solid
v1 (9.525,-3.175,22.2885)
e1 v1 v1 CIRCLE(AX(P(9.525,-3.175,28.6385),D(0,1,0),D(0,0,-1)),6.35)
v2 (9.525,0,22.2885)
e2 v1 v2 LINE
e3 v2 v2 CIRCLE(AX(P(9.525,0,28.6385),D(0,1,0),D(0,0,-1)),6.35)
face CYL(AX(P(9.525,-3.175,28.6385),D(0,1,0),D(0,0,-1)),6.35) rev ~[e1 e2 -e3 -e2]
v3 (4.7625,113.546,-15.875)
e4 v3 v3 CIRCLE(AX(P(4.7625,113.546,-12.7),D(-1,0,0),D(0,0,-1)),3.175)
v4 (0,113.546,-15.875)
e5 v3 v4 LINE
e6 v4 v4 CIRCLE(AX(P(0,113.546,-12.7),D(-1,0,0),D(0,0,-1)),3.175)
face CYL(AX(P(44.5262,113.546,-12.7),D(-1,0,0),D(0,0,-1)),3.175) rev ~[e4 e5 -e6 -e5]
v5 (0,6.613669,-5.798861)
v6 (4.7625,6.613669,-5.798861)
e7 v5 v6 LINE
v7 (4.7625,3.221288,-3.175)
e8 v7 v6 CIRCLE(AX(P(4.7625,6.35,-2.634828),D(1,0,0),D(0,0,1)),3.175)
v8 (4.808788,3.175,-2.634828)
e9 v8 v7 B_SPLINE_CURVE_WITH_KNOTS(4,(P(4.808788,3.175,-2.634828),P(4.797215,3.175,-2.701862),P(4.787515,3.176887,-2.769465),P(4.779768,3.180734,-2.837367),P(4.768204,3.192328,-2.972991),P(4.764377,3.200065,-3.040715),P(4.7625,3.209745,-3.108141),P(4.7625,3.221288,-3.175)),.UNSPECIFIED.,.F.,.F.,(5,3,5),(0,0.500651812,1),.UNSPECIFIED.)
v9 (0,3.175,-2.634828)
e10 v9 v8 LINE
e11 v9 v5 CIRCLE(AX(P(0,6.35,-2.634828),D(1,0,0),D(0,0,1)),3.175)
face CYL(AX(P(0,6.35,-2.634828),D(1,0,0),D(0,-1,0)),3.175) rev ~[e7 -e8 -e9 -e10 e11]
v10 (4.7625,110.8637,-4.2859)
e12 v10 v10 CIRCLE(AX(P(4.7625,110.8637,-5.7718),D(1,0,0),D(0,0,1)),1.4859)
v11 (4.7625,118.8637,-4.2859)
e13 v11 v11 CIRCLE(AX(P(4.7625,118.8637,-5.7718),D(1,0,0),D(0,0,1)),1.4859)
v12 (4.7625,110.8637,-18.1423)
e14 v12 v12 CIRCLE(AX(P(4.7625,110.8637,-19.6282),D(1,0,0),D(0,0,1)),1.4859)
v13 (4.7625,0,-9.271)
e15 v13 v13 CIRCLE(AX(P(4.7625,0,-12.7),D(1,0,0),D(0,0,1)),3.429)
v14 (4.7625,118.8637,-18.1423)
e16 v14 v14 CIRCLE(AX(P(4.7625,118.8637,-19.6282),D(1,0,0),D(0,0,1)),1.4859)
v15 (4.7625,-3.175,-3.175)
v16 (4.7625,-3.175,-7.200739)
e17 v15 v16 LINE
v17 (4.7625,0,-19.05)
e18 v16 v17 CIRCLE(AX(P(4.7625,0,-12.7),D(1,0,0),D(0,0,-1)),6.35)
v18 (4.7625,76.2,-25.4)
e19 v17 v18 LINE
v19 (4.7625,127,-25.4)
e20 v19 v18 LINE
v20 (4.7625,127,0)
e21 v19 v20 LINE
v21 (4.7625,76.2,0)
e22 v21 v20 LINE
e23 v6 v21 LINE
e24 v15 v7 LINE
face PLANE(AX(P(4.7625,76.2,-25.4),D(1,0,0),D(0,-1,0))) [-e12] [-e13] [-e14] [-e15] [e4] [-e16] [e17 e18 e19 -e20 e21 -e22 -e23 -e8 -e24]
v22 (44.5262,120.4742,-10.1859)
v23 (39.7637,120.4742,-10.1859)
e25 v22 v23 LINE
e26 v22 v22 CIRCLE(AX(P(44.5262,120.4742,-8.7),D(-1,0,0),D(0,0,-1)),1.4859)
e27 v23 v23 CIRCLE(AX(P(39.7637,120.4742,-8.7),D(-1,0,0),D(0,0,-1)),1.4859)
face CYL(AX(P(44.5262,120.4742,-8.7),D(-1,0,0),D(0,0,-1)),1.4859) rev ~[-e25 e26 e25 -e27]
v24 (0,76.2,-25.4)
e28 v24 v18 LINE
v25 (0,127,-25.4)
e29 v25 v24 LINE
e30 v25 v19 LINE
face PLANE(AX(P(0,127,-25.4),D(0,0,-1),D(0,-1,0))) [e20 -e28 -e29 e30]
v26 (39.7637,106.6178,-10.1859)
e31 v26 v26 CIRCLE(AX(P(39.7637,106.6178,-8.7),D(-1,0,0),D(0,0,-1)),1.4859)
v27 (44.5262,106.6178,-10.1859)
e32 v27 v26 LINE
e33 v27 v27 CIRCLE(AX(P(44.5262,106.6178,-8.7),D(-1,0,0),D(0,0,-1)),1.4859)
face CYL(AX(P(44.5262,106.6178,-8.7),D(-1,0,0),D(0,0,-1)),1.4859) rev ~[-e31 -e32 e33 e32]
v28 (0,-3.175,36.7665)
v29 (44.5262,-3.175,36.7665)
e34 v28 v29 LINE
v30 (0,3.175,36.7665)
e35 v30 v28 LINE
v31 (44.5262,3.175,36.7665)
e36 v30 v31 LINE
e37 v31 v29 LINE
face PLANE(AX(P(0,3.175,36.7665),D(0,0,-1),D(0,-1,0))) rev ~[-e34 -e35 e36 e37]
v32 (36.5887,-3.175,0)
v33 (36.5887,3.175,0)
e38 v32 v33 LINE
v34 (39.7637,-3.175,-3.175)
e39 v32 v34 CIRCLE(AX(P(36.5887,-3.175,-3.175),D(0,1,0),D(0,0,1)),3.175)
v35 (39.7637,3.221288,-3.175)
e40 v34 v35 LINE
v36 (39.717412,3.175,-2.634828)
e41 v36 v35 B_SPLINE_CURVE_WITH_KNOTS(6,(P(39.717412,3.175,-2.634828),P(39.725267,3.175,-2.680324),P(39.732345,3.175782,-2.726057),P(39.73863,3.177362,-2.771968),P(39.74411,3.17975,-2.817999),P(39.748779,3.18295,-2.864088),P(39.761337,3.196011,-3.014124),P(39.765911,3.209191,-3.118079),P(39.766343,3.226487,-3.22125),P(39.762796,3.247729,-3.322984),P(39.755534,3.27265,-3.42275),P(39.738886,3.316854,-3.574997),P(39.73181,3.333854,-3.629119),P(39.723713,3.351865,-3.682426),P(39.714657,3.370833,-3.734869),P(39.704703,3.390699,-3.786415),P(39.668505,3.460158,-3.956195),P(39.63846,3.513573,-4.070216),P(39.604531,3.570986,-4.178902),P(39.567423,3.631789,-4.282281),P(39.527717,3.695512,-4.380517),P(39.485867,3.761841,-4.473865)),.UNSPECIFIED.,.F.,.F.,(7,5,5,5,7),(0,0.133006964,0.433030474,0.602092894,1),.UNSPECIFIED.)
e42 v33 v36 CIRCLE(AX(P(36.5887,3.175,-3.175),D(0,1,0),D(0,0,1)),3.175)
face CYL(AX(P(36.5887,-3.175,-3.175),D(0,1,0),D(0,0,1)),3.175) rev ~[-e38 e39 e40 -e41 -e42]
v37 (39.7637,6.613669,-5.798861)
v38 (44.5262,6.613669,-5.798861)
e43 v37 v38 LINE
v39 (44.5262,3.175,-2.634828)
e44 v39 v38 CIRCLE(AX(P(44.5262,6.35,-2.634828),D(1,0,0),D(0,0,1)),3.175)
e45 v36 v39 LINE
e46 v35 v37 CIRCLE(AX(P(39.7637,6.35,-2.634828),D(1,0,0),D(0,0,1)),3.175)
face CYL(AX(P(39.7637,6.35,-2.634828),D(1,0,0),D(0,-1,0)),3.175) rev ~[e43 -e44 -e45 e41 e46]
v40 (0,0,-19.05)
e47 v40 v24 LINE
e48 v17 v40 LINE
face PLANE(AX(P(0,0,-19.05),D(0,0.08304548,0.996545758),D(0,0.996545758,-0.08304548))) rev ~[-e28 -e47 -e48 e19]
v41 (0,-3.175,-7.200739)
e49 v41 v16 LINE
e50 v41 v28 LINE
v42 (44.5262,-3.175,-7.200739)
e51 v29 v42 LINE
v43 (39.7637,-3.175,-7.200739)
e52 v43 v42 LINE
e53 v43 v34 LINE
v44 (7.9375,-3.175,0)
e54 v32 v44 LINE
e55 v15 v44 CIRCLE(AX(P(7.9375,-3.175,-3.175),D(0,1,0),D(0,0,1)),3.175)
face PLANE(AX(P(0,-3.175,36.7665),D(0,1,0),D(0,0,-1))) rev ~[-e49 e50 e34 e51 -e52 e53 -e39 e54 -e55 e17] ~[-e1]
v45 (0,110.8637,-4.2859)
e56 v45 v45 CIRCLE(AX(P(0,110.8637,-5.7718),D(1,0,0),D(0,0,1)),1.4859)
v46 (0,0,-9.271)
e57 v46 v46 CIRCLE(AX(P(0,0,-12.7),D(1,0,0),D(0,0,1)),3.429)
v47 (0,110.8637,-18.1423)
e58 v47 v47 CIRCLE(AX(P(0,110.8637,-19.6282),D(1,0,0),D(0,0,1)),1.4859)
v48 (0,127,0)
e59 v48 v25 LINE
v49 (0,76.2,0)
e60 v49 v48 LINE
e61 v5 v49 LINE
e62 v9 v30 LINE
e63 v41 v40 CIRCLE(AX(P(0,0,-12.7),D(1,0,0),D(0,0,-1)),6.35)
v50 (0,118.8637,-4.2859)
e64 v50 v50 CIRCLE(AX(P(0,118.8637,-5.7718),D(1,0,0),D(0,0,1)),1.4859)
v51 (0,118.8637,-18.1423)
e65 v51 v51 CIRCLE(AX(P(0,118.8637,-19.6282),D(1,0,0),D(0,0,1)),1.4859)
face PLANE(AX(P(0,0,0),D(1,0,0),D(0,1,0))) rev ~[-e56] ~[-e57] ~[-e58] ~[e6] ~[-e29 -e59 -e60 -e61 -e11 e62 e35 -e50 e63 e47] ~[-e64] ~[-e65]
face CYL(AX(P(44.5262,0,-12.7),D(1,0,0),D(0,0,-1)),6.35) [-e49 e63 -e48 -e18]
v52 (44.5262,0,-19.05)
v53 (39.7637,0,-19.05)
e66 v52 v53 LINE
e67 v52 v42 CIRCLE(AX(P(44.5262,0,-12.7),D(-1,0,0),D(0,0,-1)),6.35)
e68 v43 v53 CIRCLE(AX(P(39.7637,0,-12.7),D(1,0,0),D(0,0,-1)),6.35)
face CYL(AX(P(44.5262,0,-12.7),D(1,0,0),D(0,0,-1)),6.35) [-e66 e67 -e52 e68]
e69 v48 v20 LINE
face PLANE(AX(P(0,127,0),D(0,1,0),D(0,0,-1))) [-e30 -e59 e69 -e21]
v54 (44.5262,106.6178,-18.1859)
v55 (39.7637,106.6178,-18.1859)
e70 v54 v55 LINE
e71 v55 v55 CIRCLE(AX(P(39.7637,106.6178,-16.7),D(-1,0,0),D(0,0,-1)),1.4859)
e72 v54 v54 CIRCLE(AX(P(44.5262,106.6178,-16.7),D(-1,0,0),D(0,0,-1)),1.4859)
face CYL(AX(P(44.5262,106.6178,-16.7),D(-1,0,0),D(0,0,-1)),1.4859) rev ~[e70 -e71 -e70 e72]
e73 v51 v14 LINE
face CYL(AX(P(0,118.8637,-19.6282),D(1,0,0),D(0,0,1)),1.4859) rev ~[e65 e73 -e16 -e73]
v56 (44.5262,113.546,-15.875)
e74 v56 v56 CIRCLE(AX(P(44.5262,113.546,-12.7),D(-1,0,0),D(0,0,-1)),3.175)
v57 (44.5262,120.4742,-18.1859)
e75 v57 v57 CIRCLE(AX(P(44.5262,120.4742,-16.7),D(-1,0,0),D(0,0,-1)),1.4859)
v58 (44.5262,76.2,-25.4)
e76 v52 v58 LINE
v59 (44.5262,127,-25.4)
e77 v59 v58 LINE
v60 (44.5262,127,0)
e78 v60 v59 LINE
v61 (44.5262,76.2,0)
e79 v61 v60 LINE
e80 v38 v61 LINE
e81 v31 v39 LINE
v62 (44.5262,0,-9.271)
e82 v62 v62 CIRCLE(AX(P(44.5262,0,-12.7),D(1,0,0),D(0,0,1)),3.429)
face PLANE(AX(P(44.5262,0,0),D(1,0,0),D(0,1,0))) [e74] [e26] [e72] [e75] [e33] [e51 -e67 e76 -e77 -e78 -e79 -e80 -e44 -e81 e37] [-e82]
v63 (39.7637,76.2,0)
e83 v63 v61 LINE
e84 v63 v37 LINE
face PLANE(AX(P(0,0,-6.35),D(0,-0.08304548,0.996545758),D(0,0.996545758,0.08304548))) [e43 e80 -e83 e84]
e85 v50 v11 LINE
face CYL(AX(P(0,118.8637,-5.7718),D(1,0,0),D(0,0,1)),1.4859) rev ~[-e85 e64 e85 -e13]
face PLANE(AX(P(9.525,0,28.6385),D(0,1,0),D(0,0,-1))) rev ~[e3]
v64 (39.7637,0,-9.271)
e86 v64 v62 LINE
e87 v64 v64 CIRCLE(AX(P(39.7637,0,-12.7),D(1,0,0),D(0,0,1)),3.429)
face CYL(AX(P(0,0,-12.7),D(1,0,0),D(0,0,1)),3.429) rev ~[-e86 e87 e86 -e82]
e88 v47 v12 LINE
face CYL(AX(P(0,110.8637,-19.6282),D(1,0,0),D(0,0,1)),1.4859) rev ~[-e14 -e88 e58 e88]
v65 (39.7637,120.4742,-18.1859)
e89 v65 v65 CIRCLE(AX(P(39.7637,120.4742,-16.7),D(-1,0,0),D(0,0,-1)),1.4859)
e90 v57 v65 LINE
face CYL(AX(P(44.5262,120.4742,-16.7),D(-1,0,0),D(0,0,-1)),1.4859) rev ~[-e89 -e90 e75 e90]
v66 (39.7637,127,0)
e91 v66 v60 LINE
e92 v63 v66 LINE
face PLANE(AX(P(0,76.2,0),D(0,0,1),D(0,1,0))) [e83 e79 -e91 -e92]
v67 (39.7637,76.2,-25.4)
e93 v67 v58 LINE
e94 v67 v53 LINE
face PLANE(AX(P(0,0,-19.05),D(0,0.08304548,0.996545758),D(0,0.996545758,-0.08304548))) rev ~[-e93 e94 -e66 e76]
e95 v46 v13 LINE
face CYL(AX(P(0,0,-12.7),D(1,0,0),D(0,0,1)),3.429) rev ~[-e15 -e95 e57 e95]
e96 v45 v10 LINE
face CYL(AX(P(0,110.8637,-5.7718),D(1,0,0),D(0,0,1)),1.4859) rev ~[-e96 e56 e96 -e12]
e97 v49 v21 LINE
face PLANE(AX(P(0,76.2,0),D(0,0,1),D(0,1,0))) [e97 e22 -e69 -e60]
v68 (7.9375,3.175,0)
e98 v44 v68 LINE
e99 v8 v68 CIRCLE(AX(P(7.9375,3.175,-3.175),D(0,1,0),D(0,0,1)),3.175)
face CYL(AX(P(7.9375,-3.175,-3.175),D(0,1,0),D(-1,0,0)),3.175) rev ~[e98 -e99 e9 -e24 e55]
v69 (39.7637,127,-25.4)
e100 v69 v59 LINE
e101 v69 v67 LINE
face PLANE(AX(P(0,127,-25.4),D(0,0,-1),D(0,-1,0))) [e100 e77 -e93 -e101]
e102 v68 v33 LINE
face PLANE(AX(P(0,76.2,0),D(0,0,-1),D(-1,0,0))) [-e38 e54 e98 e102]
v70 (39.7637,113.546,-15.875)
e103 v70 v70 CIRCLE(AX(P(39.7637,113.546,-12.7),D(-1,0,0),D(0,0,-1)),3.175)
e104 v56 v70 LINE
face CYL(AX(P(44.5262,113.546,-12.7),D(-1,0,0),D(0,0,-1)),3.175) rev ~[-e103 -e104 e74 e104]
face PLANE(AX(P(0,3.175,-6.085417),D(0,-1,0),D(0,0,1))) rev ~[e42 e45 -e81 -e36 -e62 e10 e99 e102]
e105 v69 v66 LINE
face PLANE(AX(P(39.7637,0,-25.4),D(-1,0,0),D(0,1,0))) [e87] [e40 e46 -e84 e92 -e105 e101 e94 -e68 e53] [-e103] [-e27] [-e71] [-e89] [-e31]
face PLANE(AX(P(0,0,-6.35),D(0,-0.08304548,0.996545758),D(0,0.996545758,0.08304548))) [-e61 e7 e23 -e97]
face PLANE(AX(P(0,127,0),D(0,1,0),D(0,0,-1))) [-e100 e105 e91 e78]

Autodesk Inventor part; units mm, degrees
ref_plane "YZ Plane" through (0, 0, 0) normal (1, 0, 0) x (0, 1, 0)
ref_plane "XZ Plane" through (0, 0, 0) normal (0, 1, 0) x (-1, 0, 0)
ref_plane "XY Plane" through (0, 0, 0) normal (0, 0, 1) x (1, 0, 0)
sketch "Sketch1" plane through (0, 0, 0) normal (1, 0, 0) x (0, 1, 0)
  line L0 (0, 0) -> (127, 0)
  line L1 (127, 0) -> (127, -25.4)
  line L2 (127, -25.4) -> (0, -25.4)
  line L3 (0, -25.4) -> (0, 0)
  line L4 (0, -6.35) -> (0, -19.05)
  line L5 (0, -6.35) -> (76.2, 0)
  line L6 (0, -19.05) -> (76.2, -25.4)
  dimension "d0" = 127
  dimension "d1" = 25.4
  dimension "d18" = 12.7
  dimension "d19" = 6.35
  dimension "d20" = 50.8
  dimension "d21" = 50.8
ref_plane "Work Plane1" through (44.5262, 0, 0) normal (1, 0, 0) x (0, 0, -1)
sketch "Sketch2" plane through (44.5262, 0, 0) normal (1, 0, 0) x (0, 0, -1)
  line L0 (0, 127) -> (0, 0) projected
  line L1 (0, 0) -> (25.4, 0) projected
  line L2 (25.4, 0) -> (25.4, 127) projected
  line L3 (25.4, 127) -> (0, 127) projected
  line L4 (0, 0) -> (25.4, 0) projected
  circle A0 centre (12.7, 0) radius 6.35
  dimension "d5" = 25.4
  dimension "d6" = 12.7
  dimension "d7" = 12.7
  dimension "d8" = 0
extrude "Extrusion2" add sketch "Sketch2" against normal blind 44.5262 contours A0 L1 | L1 A0
ref_plane "Work Plane2" through (44.5262, 0, 0) normal (1, 0, 0) x (0, 0, -1)
extrude "Extrusion3" add sketch "Sketch1" along normal blind 44.5262 contours L0 L1 L2 L6 L3 L5
sketch "Sketch4" plane through (0, 0, 0) normal (-1, 0, 0) x (0, 0, 1)
  arc A0 (-19.05, 0) -> (-6.35, 0) centre (-12.7, 0) ccw projected
  line L0 (0, 76.2) -> (-6.35, 0) projected
  line L1 (0, 127) -> (0, 76.2) projected
  line L2 (-25.4, 127) -> (0, 127) projected
  line L3 (-25.4, 76.2) -> (-25.4, 127) projected
  line L4 (-19.05, 0) -> (-25.4, 76.2) projected
  point P0 (0, 0)
hole "Hole2" at (0, 0, -12.7) direction (1, 0, 0) diameter 6.858 end through all
sketch "Sketch5" plane through (0, 0, 0) normal (-1, 0, 0) x (0, 0, 1)
  circle A0 centre (-12.7, 0) radius 3.429 projected
  line L0 (0, 76.2) -> (-6.35, 0) projected
  line L1 (0, 127) -> (0, 76.2) projected
  line L2 (-25.4, 127) -> (0, 127) projected
  line L3 (-25.4, 76.2) -> (-25.4, 127) projected
  line L4 (-19.05, 0) -> (-25.4, 76.2) projected
  line L5 (-7.6835, 3.175) -> (36.7665, 3.175)
  line L6 (36.7665, 3.175) -> (36.7665, -3.175)
  line L7 (36.7665, -3.175) -> (-7.6835, -3.175)
  line L8 (-7.6835, -3.175) -> (-7.6835, 3.175)
  arc A1 (-19.05, 0) -> (-6.35, 0) centre (-12.7, 0) ccw projected
  point P0 (0, 0)
  dimension "d31" = 44.45
  dimension "d32" = 6.35
  dimension "d35" = 127
  dimension "d36" = 123.825
  dimension "d95" = 6.858
  dimension "d96" = 5.0165
extrude "Extrusion4" add sketch "Sketch5" against normal blind 44.5262 contours L5 L6 L7 A1 L0 | L0 A1 L7 L8 L5
sketch "Sketch8" plane through (0, 76.2, -25.4) normal (0, 0, -1) x (-1, 0, 0)
  line L0 (0, 0) -> (0, 50.8) projected
  line L1 (0, 50.8) -> (-44.5262, 50.8) projected
  line L2 (-44.5262, 0) -> (-44.5262, 50.8) projected
  line L3 (0, 0) -> (-44.5262, 0) projected
  line L4 (0, -76.2) -> (0, 0) projected
  line L5 (0, 0) -> (-44.5262, 0) projected
  line L6 (-44.5262, -76.2) -> (-44.5262, 0) projected
  line L7 (0, 50.8) -> (-44.5262, 50.8) projected
  line L8 (-39.7637, 50.8) -> (-4.7625, 50.8)
  line L9 (-4.7625, 50.8) -> (-4.7625, -98.425)
  line L10 (-4.7625, -98.425) -> (-39.7637, -98.425)
  line L11 (-39.7637, -98.425) -> (-39.7637, 50.8)
  line L12 (0, -76.2) -> (-44.5262, -76.2) projected
  point P0 (0, -76.2)
  dimension "d41" = 44.5262
  dimension "d43" = 35.0012
  dimension "d44" = 4.7625
  dimension "d45" = 149.225
extrude "Extrusion5" cut sketch "Sketch8" against normal blind 25.4 contours L9 L12 L11 L3 | L3 L11 L1 L9 | L9 L10 L11 L12
fillet "Fillet1" radius 3.175 2 edges at (39.7637, 0, 0) (4.7625, 0, 0)
fillet "Fillet2" radius 3.175 2 edges at (2.3812, 3.175, -6.0854) (42.1449, 3.175, -6.0854)
sketch "Sketch9" plane through (0, 0, 0) normal (-1, 0, 0) x (0, 0, 1)
  line L0 (0, 76.2) -> (-5.7989, 6.6137) projected
  line L1 (0, 127) -> (0, 76.2) projected
  line L2 (-25.4, 127) -> (0, 127) projected
  line L3 (-25.4, 76.2) -> (-25.4, 127) projected
  line L4 (-19.05, 0) -> (-25.4, 76.2) projected
  circle A0 centre (-12.7, 0) radius 3.429 projected
  circle A1 centre (-12.7, 114.8637) radius 8
  line L5 (-19.6282, 118.8637) -> (-5.7718, 118.8637)
  line L6 (-5.7718, 118.8637) -> (-5.7718, 110.8637)
  line L7 (-5.7718, 110.8637) -> (-19.6282, 110.8637)
  line L8 (-19.6282, 110.8637) -> (-19.6282, 118.8637)
  arc A2 (-19.05, 0) -> (-7.2007, -3.175) centre (-12.7, 0) ccw projected
  line L9 (36.7665, -3.175) -> (-7.2007, -3.175) projected
  line L10 (36.7665, 3.175) -> (36.7665, -3.175) projected
  line L11 (-2.6348, 3.175) -> (36.7665, 3.175) projected
  arc A3 (-5.7989, 6.6137) -> (-2.6348, 3.175) centre (-2.6348, 6.35) ccw projected
  point P0 (0, 0)
  dimension "d50" = 16
  dimension "d51" = 25.4
  dimension "d52" = 12.7
  dimension "d53" = 8
  dimension "d54" = 4
hole "Hole3" at (0, 118.8637, -19.6282) at (0, 110.8637, -19.6282) at (0, 118.8637, -5.7718) at (0, 110.8637, -5.7718) direction (1, 0, 0) diameter 2.9718 depth 25.4 tip angle 118
sketch "Sketch10" plane through (44.5262, 0, 0) normal (1, 0, 0) x (0, 0, -1)
  line L0 (19.05, 0) -> (25.4, 76.2) projected
  line L1 (25.4, 76.2) -> (25.4, 127) projected
  line L2 (25.4, 127) -> (0, 127) projected
  line L3 (0, 127) -> (0, 76.2) projected
  line L4 (0, 76.2) -> (5.7989, 6.6137) projected
  circle A0 centre (12.7, 0) radius 3.429 projected
  circle A1 centre (12.7, 113.546) radius 8
  line L5 (16.7, 106.6178) -> (8.7, 106.6178)
  line L6 (8.7, 106.6178) -> (8.7, 120.4742)
  line L7 (8.7, 120.4742) -> (16.7, 120.4742)
  line L8 (16.7, 120.4742) -> (16.7, 106.6178)
  arc A2 (7.2007, -3.175) -> (19.05, 0) centre (12.7, 0) ccw projected
  arc A3 (2.6348, 3.175) -> (5.7989, 6.6137) centre (2.6348, 6.35) ccw projected
  line L9 (2.6348, 3.175) -> (-36.7665, 3.175) projected
  line L10 (-36.7665, 3.175) -> (-36.7665, -3.175) projected
  line L11 (-36.7665, -3.175) -> (7.2007, -3.175) projected
  point P0 (0, 0)
  dimension "d62" = 16
  dimension "d63" = 25.4
  dimension "d64" = 12.7
  dimension "d65" = 8
  dimension "d66" = 4
hole "Hole4" at (44.5262, 106.6178, -16.7) at (44.5262, 106.6178, -8.7) at (44.5262, 120.4742, -8.7) at (44.5262, 120.4742, -16.7) direction (-1, 0, 0) diameter 2.9718 depth 25.4 tip angle 118
sketch "Sketch11" plane through (0, -3.175, -7.2007) normal (0, -1, 0) x (1, 0, 0)
  line L0 (4.7625, 0) -> (4.7625, 4.0257) projected
  arc A0 (7.9375, 7.2007) -> (4.7625, 4.0257) centre (7.9375, 4.0257) ccw projected
  line L1 (7.9375, 7.2007) -> (36.5887, 7.2007) projected
  arc A1 (39.7637, 4.0257) -> (36.5887, 7.2007) centre (36.5887, 4.0257) ccw projected
  line L2 (39.7637, 4.0257) -> (39.7637, 0) projected
  line L3 (44.5262, 43.9672) -> (44.5262, 0) projected
  line L4 (0, 43.9672) -> (44.5262, 43.9672) projected
  line L5 (0, 43.9672) -> (0, 0) projected
  line L6 (44.5262, 0) -> (39.7637, 0) projected
  line L7 (4.7625, 0) -> (0, 0) projected
  point P0 (0, 7.2007)
  point P1 (9.525, 35.8392)
  dimension "d74" = 8.128
  dimension "d75" = 44.5262
  dimension "d97" = 9.525
hole "Hole5" at (9.525, -3.175, 28.6385) direction (0, 1, 0) diameter 12.7 depth 3.175
sketch "Sketch12" plane through (44.5262, 0, 0) normal (1, 0, 0) x (0, 0, -1)
  circle A0 centre (8.7, 120.4742) radius 1.4859 projected
  circle A1 centre (16.7, 106.6178) radius 1.4859 projected
  circle A2 centre (8.7, 106.6178) radius 1.4859 projected
  circle A3 centre (16.7, 120.4742) radius 1.4859 projected
  line L0 (19.05, 0) -> (25.4, 76.2) projected
  line L1 (25.4, 76.2) -> (25.4, 127) projected
  line L2 (25.4, 127) -> (0, 127) projected
  line L3 (0, 127) -> (0, 76.2) projected
  line L4 (0, 76.2) -> (5.7989, 6.6137) projected
  circle A4 centre (12.7, 0) radius 3.429 projected
  arc A5 (7.2007, -3.175) -> (19.05, 0) centre (12.7, 0) ccw projected
  arc A6 (2.6348, 3.175) -> (5.7989, 6.6137) centre (2.6348, 6.35) ccw projected
  line L5 (2.6348, 3.175) -> (-36.7665, 3.175) projected
  line L6 (-36.7665, 3.175) -> (-36.7665, -3.175) projected
  line L7 (-36.7665, -3.175) -> (7.2007, -3.175) projected
  point P0 (0, 0)
  point P1 (12.7, 113.546)
  dimension "d84" = 25.4
  dimension "d85" = 12.7
  dimension "d86" = 13.8564
  dimension "d87" = 6.9282
hole "Hole6" at (44.5262, 113.546, -12.7) direction (-1, 0, 0) diameter 6.35 end through all
equation "\"d19\" = -0.5 * d18 + 0.5 * d1"
equation "\"d21\" = d20"
equation "\"d7\" = 0.5 * d5"
equation "\"d36\" = d35 - 0.5 * d32"
equation "\"d44\" = -0.5 * d43 + 0.5 * d41"
equation "\"d52\" = 0.5 * d51"
equation "\"d54\" = 0.5 * d53"
equation "\"d64\" = 0.5 * d63"
equation "\"d66\" = 0.5 * d65"
equation "\"d87\" = 0.5 * d86"
properties part number "WheelIntakeMount3.0"
